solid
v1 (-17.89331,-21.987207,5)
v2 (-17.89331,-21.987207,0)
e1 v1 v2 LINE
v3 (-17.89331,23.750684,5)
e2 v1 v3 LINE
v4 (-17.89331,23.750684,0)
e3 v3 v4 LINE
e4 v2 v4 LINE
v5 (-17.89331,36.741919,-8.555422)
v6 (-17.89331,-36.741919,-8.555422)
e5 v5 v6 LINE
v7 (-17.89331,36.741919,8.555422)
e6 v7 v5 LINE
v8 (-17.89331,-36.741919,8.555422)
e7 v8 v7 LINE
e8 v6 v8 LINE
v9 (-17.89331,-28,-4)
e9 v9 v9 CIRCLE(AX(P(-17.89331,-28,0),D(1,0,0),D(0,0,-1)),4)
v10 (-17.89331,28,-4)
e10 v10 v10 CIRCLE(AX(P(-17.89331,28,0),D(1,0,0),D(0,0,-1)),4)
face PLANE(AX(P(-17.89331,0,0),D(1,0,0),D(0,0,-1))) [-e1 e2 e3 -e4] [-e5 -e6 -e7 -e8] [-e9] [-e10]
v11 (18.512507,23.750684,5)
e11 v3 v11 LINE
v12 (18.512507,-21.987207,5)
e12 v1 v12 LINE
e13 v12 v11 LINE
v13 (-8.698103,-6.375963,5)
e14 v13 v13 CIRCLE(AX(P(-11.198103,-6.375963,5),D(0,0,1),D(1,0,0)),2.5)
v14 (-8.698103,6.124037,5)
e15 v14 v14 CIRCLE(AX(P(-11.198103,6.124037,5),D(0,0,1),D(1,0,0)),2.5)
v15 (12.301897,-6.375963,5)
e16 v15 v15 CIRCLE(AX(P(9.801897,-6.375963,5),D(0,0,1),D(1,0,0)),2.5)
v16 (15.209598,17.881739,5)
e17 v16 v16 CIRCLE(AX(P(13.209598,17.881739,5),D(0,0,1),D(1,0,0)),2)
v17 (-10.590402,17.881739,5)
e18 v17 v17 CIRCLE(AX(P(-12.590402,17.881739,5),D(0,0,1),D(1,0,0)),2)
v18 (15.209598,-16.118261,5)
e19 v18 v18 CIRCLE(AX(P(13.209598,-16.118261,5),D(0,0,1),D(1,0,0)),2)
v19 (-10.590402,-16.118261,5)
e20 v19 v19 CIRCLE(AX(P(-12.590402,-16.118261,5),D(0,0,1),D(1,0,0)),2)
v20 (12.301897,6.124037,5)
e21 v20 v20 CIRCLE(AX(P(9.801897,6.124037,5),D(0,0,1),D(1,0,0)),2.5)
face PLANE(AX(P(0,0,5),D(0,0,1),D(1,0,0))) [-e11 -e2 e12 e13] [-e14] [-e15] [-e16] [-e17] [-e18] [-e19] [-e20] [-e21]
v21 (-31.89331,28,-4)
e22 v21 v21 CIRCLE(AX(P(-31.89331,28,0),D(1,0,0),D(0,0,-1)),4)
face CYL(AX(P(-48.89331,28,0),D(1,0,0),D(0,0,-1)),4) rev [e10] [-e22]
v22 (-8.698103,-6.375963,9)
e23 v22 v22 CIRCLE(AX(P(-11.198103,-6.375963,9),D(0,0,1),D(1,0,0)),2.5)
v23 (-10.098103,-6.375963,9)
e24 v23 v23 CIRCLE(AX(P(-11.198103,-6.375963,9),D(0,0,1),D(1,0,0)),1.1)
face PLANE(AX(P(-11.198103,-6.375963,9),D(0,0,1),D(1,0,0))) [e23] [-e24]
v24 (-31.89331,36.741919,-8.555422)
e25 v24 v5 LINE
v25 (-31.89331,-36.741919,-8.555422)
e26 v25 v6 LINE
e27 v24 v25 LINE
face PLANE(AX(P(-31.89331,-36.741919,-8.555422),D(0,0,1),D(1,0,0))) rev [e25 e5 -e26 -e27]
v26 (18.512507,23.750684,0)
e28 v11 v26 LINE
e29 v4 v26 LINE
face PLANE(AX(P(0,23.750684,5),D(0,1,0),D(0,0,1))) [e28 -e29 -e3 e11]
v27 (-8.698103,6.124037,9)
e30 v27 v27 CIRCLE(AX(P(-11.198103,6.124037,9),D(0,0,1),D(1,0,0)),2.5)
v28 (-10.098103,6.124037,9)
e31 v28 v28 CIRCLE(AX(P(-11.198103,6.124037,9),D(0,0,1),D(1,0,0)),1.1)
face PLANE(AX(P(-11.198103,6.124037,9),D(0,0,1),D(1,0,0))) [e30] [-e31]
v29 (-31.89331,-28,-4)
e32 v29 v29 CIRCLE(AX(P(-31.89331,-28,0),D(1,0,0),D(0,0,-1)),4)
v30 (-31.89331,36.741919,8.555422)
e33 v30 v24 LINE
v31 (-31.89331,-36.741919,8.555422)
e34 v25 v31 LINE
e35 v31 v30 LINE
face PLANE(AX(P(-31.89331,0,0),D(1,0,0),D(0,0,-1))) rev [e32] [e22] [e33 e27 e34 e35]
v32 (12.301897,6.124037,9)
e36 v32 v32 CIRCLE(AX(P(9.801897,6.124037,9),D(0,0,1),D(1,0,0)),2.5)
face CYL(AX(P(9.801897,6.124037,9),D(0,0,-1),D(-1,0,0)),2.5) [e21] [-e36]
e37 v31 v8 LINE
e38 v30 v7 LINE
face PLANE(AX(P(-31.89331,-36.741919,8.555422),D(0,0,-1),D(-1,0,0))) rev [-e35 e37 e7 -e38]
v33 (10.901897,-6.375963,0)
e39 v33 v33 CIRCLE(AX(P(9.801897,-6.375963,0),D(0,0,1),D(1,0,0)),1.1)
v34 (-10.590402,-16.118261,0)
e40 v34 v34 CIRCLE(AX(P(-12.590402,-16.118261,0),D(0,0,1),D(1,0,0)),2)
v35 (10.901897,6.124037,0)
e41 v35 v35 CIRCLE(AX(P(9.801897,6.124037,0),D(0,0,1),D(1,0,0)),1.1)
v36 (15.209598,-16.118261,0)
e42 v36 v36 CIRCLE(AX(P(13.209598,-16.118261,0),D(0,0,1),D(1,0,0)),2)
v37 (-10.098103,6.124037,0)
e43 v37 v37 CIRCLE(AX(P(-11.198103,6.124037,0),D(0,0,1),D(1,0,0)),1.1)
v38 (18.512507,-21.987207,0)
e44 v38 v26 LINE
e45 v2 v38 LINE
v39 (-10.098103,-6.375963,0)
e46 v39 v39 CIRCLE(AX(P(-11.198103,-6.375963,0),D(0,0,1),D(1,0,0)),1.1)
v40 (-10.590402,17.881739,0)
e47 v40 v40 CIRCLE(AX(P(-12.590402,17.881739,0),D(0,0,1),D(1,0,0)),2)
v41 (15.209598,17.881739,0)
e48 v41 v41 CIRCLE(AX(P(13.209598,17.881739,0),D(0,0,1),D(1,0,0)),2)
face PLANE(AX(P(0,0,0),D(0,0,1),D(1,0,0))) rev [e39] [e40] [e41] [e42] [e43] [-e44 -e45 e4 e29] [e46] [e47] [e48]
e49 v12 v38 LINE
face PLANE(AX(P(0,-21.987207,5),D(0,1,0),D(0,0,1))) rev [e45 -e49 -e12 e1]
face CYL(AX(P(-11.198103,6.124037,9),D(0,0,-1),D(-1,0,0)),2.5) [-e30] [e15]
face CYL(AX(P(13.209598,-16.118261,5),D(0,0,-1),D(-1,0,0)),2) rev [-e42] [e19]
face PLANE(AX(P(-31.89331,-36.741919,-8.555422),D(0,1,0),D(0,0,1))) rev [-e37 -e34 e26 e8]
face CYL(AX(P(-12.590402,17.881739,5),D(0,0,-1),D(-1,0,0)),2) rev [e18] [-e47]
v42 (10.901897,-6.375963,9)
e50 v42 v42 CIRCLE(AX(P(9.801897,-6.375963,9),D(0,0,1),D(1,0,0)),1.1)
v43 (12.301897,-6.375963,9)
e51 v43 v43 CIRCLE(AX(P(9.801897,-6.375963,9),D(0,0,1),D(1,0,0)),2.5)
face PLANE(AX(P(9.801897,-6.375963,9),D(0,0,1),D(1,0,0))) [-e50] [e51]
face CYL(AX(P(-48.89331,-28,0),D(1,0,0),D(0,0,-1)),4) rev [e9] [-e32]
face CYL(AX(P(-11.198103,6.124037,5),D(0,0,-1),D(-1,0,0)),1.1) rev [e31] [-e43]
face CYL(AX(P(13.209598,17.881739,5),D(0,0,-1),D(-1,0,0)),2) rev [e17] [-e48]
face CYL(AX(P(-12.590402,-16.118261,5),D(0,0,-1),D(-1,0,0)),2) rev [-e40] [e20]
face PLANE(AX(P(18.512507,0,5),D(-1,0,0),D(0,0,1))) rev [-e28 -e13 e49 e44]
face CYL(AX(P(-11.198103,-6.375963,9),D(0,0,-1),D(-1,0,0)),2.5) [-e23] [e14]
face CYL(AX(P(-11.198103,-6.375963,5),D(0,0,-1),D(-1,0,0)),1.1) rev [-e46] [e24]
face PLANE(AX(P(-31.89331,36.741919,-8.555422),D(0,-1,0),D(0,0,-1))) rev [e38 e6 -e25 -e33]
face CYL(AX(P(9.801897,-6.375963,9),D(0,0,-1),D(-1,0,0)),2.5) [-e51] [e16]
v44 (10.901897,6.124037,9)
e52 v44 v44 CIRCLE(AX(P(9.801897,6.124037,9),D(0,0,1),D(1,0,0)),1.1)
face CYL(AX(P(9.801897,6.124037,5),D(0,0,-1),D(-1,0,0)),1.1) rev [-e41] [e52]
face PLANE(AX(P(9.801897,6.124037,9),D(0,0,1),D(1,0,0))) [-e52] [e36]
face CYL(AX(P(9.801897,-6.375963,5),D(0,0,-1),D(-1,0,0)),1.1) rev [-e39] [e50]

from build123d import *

# Parameters (mm, degrees)
IZIM1_W                     = 36.405816339
IZIM1_H                     = 45.737890708
IZIM1_R                     = 2
IZIM1_R_2                   = 2.5
IZIM1_R_3                   = 1.1
Y_KSEKLIK_EKSTR_ZYON3_DEPTH = 5
IZIM2_R                     = 2.5
Y_KSEKLIK_EKSTR_ZYON4_DEPTH = 4
IZIM3_R                     = 1.1
KES_EKSTR_ZYON1_DEPTH       = 17
IZIM5_W                     = 17.110844688
IZIM5_H                     = 73.483837376
Y_KSEKLIK_EKSTR_ZYON6_DEPTH = 14
IZIM6_R                     = 4
KES_EKSTR_ZYON2_DEPTH       = 31


with BuildPart() as part:
    # Çizim1 → Yükseklik-Ekstrüzyon3 (new body)
    # profile 1 of 5: a face of its own
    with BuildSketch(Plane.XY):
        with Locations((0.30959843, 0.881738623)):
            Rectangle(IZIM1_W, IZIM1_H)
        with Locations((-12.59040157, -16.118261377)):
            Circle(IZIM1_R, mode=Mode.SUBTRACT)
        with Locations((13.20959843, -16.118261377)):
            Circle(IZIM1_R, mode=Mode.SUBTRACT)
        with Locations((13.20959843, 17.881738623)):
            Circle(IZIM1_R, mode=Mode.SUBTRACT)
        with Locations((-12.59040157, 17.881738623)):
            Circle(IZIM1_R, mode=Mode.SUBTRACT)
        with Locations((-11.198102854, -6.37596266)):
            Circle(IZIM1_R_2, mode=Mode.SUBTRACT)
        with Locations((9.801897146, -6.37596266)):
            Circle(IZIM1_R_2, mode=Mode.SUBTRACT)
        with Locations((9.801897146, 6.12403734)):
            Circle(IZIM1_R_2, mode=Mode.SUBTRACT)
        with Locations((-11.198102854, 6.12403734)):
            Circle(IZIM1_R_2, mode=Mode.SUBTRACT)
    # profile 2 of 5: a face of its own
    with BuildSketch(Plane.XY):
        with Locations((9.801897146, -6.37596266)):
            Circle(IZIM1_R_2)
        with Locations((9.801897146, -6.37596266)):
            Circle(IZIM1_R_3, mode=Mode.SUBTRACT)
    # profile 3 of 5: a face of its own
    with BuildSketch(Plane.XY):
        with Locations((9.801897146, 6.12403734)):
            Circle(IZIM1_R_2)
        with Locations((9.801897146, 6.12403734)):
            Circle(IZIM1_R_3, mode=Mode.SUBTRACT)
    # profile 4 of 5: a face of its own
    with BuildSketch(Plane.XY):
        with Locations((-11.198102854, 6.12403734)):
            Circle(IZIM1_R_2)
        with Locations((-11.198102854, 6.12403734)):
            Circle(IZIM1_R_3, mode=Mode.SUBTRACT)
    # profile 5 of 5: a face of its own
    with BuildSketch(Plane.XY):
        with Locations((-11.198102854, -6.37596266)):
            Circle(IZIM1_R_2)
        with Locations((-11.198102854, -6.37596266)):
            Circle(IZIM1_R_3, mode=Mode.SUBTRACT)
    extrude(amount=Y_KSEKLIK_EKSTR_ZYON3_DEPTH)

    # Çizim2 → Yükseklik-Ekstrüzyon4 (add)
    with BuildSketch(Plane.XY.offset(5)):
        with Locations((-11.198102854, 6.12403734)):
            Circle(IZIM2_R)
        with Locations((-11.198102854, -6.37596266)):
            Circle(IZIM2_R)
        with Locations((9.801897146, -6.37596266)):
            Circle(IZIM2_R)
        with Locations((9.801897146, 6.12403734)):
            Circle(IZIM2_R)
    extrude(amount=Y_KSEKLIK_EKSTR_ZYON4_DEPTH)

    # Çizim3 → Kes-Ekstrüzyon1 (cut, symmetric)
    with BuildSketch(Plane(origin=(0, 0, 5), x_dir=(-1, 0, 0), z_dir=(0, 0, -1))):
        with Locations(Location((11.198102854, 6.12403734, 0), (0, 0, 180))):
            Circle(IZIM3_R)
        with Locations(Location((11.198102854, -6.37596266, 0), (0, 0, 180))):
            Circle(IZIM3_R)
        with Locations(Location((-9.801897146, -6.37596266, 0), (0, 0, 180))):
            Circle(IZIM3_R)
        with Locations(Location((-9.801897146, 6.12403734, 0), (0, 0, 180))):
            Circle(IZIM3_R)
    extrude(amount=KES_EKSTR_ZYON1_DEPTH, both=True, mode=Mode.SUBTRACT)

    # Çizim5 → Yükseklik-Ekstrüzyon6 (add)
    with BuildSketch(Plane.ZY.offset(17.89330974)):
        Rectangle(IZIM5_W, IZIM5_H)
    extrude(amount=Y_KSEKLIK_EKSTR_ZYON6_DEPTH)

    # Çizim6 → Kes-Ekstrüzyon2 (cut, symmetric)
    with BuildSketch(Plane(origin=(-17.89330974, 0, 0), x_dir=(0, 0, -1), z_dir=(1, 0, 0))):
        with Locations((0, 28)):
            Circle(IZIM6_R)
        with Locations((0, -28)):
            Circle(IZIM6_R)
    extrude(amount=KES_EKSTR_ZYON2_DEPTH, both=True, mode=Mode.SUBTRACT)


solid = part.part
